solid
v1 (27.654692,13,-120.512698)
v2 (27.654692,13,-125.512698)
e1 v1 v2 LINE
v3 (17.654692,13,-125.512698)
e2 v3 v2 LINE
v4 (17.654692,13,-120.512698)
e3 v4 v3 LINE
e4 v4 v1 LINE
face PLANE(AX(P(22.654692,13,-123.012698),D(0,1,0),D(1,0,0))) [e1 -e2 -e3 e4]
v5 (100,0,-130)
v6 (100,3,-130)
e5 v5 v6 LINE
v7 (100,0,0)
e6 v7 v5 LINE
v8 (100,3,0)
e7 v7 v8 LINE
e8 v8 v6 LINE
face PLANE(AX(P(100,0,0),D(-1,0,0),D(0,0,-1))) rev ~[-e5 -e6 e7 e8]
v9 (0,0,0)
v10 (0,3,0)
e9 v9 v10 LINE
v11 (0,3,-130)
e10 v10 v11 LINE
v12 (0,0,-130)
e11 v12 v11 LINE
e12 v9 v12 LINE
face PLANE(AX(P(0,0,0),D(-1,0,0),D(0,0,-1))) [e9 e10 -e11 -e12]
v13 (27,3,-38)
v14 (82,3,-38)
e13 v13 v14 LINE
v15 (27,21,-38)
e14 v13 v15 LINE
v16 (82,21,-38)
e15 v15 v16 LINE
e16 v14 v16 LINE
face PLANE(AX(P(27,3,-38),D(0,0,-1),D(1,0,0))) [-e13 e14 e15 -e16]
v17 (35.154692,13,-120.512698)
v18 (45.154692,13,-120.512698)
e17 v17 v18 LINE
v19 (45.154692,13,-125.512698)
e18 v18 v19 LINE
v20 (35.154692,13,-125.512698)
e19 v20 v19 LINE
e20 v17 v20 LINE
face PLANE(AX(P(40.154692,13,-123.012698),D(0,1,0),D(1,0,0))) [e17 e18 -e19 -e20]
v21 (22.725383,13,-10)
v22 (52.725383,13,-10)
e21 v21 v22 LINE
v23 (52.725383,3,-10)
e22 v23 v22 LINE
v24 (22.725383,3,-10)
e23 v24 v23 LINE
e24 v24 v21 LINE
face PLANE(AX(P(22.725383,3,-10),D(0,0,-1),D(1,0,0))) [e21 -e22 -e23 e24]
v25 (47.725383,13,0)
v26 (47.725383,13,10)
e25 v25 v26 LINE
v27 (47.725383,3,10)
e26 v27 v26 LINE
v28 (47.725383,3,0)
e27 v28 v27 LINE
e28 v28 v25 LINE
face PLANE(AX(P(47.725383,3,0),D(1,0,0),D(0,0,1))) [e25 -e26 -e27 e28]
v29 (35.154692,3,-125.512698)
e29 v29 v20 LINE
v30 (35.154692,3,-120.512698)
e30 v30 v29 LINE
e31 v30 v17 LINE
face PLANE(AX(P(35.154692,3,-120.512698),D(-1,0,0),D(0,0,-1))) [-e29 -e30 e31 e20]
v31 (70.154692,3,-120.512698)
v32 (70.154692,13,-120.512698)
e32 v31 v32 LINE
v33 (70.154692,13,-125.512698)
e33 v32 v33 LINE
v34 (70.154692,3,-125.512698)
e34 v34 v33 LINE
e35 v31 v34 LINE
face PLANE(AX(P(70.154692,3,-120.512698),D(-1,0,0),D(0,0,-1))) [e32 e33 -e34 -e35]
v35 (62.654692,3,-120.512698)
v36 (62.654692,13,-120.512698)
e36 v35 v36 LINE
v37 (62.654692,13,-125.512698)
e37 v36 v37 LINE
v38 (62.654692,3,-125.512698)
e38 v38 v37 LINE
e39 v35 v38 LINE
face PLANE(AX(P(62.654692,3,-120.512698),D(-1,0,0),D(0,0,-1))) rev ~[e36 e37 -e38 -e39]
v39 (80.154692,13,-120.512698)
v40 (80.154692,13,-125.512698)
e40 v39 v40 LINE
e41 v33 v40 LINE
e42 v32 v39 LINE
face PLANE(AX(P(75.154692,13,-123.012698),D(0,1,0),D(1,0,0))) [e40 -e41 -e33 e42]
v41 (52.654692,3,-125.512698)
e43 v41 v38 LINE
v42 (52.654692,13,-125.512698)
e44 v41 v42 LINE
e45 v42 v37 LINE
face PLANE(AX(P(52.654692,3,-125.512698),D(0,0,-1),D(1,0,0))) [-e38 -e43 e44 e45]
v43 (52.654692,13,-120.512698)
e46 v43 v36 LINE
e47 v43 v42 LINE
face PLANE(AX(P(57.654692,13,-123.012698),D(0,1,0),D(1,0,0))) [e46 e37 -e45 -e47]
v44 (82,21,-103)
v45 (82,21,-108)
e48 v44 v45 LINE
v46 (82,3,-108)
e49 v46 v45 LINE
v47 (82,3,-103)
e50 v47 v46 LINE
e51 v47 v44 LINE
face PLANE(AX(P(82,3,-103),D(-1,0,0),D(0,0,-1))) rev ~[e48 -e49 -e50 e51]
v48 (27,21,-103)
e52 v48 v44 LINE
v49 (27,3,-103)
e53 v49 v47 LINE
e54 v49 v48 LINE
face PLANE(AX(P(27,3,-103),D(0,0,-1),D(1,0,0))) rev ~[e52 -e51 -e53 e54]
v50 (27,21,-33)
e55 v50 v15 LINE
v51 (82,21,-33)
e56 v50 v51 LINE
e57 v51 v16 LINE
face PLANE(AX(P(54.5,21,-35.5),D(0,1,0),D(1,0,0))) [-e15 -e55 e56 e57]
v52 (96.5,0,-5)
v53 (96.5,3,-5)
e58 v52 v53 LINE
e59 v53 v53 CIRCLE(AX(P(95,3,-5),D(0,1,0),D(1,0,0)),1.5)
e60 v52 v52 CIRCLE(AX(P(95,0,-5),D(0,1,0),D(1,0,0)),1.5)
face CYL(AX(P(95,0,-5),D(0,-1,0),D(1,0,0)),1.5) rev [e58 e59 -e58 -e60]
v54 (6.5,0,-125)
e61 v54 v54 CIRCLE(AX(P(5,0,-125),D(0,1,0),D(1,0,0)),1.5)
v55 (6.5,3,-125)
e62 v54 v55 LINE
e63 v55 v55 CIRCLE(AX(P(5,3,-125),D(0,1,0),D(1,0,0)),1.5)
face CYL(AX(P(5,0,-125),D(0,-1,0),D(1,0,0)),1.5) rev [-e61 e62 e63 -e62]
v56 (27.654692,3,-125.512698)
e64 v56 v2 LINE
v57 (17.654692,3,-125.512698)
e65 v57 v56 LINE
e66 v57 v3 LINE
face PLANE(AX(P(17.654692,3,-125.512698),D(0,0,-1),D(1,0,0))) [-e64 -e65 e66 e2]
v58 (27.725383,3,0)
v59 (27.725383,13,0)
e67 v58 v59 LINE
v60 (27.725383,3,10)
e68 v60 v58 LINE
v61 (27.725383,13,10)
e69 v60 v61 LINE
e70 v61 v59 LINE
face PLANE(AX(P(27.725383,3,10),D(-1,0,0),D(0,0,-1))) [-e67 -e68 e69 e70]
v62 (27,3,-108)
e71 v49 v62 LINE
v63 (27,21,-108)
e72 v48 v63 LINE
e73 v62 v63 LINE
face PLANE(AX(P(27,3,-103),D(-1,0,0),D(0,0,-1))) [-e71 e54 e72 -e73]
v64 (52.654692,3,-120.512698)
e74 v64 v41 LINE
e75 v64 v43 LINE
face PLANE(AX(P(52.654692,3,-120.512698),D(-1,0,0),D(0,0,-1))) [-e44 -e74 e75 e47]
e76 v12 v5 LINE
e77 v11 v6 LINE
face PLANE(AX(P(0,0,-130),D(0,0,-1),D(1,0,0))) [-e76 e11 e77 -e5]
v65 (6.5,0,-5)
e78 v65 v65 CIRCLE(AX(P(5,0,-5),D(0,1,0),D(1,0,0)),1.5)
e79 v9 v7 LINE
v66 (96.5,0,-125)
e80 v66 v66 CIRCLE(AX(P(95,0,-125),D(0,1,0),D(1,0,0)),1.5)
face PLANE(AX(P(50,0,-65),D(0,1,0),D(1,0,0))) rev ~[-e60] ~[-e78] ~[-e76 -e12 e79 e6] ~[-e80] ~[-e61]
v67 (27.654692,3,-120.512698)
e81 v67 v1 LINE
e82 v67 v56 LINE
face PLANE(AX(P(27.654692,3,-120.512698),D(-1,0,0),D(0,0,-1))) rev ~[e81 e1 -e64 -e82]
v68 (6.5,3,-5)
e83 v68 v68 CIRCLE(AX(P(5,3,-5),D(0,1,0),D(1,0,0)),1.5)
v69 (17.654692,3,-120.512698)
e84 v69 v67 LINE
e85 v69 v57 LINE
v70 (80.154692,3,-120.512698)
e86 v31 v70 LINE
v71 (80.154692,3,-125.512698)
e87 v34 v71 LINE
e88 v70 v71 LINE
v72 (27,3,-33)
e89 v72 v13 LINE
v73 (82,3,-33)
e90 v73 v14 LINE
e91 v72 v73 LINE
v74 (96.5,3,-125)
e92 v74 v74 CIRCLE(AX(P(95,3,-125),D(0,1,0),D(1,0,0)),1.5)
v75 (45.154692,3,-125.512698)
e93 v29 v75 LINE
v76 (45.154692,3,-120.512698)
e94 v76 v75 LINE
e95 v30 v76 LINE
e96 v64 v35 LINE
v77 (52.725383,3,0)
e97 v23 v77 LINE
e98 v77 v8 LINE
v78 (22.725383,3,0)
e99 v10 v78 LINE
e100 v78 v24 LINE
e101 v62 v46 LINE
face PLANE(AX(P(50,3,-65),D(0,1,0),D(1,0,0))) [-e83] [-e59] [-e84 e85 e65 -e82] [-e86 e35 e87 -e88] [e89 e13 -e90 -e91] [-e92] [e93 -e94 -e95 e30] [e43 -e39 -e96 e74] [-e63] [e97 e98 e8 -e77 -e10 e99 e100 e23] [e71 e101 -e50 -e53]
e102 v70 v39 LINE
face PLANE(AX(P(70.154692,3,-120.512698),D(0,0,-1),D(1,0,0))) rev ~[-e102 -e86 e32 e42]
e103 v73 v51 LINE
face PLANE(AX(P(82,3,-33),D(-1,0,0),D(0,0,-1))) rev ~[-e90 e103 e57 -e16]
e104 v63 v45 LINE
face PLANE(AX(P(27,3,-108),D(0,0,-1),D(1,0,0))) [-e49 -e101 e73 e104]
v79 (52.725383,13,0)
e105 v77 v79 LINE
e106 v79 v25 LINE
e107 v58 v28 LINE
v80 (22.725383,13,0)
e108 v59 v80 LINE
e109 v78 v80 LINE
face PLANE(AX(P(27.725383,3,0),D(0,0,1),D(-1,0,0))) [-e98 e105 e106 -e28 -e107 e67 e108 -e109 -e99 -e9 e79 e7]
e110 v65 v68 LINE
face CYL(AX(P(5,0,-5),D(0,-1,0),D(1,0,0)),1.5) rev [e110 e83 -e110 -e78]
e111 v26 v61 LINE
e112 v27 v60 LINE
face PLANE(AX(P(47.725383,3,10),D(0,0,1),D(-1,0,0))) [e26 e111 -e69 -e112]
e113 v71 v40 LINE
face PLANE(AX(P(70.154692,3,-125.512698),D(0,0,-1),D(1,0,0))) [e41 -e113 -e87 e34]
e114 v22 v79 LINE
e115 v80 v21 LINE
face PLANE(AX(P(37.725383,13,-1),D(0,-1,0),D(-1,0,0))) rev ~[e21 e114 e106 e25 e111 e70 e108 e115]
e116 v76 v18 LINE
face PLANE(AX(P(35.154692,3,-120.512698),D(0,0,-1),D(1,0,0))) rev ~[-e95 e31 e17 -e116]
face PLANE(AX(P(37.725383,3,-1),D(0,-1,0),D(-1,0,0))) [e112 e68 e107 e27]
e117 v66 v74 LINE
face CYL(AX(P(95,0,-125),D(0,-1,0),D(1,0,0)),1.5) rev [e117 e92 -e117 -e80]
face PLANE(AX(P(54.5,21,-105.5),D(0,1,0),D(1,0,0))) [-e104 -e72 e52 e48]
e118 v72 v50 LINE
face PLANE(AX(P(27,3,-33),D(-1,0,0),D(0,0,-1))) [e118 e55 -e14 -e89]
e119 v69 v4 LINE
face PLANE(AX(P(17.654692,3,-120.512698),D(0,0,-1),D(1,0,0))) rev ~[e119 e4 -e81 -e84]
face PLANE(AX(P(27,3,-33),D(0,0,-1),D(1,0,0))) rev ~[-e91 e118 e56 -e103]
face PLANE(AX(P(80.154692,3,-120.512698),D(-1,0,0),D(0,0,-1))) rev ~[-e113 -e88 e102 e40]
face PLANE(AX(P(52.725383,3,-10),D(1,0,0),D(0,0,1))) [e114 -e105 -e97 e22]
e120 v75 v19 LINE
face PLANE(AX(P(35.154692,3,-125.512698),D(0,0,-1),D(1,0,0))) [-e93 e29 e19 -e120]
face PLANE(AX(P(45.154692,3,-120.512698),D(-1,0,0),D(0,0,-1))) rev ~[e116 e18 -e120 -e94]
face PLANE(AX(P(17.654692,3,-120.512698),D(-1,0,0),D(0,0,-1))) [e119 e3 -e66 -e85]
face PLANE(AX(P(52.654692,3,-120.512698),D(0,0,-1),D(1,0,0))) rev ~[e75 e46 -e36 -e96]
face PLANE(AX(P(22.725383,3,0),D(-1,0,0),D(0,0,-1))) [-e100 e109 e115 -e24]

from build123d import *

# Parameters (mm, degrees)
ESQUISSE1_W      = 100
ESQUISSE1_H      = 130
ESQUISSE1_R      = 1.5
EXTRUSION1_DEPTH = 3
ESQUISSE2_W      = 55
ESQUISSE2_H      = 5
EXTRUSION2_DEPTH = 18
EXTRUSION3_DEPTH = 10
ESQUISSE4_W      = 10
ESQUISSE4_H      = 5
EXTRUSION4_DEPTH = 10


with BuildPart() as part:
    # Esquisse1 → Extrusion1 (new body)
    with BuildSketch(Plane(origin=(0, 0, 0), x_dir=(1, 0, 0), z_dir=(0, 1, 0))):
        with Locations((50, 65)):
            Rectangle(ESQUISSE1_W, ESQUISSE1_H)
        with Locations((5, 125)):
            Circle(ESQUISSE1_R, mode=Mode.SUBTRACT)
        with Locations((95, 125)):
            Circle(ESQUISSE1_R, mode=Mode.SUBTRACT)
        with Locations((95, 5)):
            Circle(ESQUISSE1_R, mode=Mode.SUBTRACT)
        with Locations((5, 5)):
            Circle(ESQUISSE1_R, mode=Mode.SUBTRACT)
    extrude(amount=EXTRUSION1_DEPTH)

    # Esquisse2 → Extrusion2 (add)
    with BuildSketch(Plane(origin=(0, 3, 0), x_dir=(1, 0, 0), z_dir=(0, 1, 0))):
        with Locations((54.5, 105.5)):
            Rectangle(ESQUISSE2_W, ESQUISSE2_H)
        with Locations((54.5, 35.5)):
            Rectangle(ESQUISSE2_W, ESQUISSE2_H)
    extrude(amount=EXTRUSION2_DEPTH)

    # Esquisse3 → Extrusion3 (add)
    with BuildSketch(Plane(origin=(0, 3, 0), x_dir=(1, 0, 0), z_dir=(0, 1, 0))):
        Polygon((22.725382584, 0), (22.725382584, 10), (52.725382584, 10), (52.725382584, 0), (47.725382584, 0), (47.725382584, -10), (27.725382584, -10), (27.725382584, 0), align=None)
    extrude(amount=EXTRUSION3_DEPTH)

    # Esquisse4 → Extrusion4 (add)
    with BuildSketch(Plane(origin=(0, 3, 0), x_dir=(1, 0, 0), z_dir=(0, 1, 0))):
        with Locations((22.654691777, 123.012698359)):
            Rectangle(ESQUISSE4_W, ESQUISSE4_H)
        with Locations((40.154691777, 123.012698359)):
            Rectangle(ESQUISSE4_W, ESQUISSE4_H)
        with Locations((57.654691777, 123.012698359)):
            Rectangle(ESQUISSE4_W, ESQUISSE4_H)
        with Locations((75.154691777, 123.012698359)):
            Rectangle(ESQUISSE4_W, ESQUISSE4_H)
    extrude(amount=EXTRUSION4_DEPTH)


solid = part.part
